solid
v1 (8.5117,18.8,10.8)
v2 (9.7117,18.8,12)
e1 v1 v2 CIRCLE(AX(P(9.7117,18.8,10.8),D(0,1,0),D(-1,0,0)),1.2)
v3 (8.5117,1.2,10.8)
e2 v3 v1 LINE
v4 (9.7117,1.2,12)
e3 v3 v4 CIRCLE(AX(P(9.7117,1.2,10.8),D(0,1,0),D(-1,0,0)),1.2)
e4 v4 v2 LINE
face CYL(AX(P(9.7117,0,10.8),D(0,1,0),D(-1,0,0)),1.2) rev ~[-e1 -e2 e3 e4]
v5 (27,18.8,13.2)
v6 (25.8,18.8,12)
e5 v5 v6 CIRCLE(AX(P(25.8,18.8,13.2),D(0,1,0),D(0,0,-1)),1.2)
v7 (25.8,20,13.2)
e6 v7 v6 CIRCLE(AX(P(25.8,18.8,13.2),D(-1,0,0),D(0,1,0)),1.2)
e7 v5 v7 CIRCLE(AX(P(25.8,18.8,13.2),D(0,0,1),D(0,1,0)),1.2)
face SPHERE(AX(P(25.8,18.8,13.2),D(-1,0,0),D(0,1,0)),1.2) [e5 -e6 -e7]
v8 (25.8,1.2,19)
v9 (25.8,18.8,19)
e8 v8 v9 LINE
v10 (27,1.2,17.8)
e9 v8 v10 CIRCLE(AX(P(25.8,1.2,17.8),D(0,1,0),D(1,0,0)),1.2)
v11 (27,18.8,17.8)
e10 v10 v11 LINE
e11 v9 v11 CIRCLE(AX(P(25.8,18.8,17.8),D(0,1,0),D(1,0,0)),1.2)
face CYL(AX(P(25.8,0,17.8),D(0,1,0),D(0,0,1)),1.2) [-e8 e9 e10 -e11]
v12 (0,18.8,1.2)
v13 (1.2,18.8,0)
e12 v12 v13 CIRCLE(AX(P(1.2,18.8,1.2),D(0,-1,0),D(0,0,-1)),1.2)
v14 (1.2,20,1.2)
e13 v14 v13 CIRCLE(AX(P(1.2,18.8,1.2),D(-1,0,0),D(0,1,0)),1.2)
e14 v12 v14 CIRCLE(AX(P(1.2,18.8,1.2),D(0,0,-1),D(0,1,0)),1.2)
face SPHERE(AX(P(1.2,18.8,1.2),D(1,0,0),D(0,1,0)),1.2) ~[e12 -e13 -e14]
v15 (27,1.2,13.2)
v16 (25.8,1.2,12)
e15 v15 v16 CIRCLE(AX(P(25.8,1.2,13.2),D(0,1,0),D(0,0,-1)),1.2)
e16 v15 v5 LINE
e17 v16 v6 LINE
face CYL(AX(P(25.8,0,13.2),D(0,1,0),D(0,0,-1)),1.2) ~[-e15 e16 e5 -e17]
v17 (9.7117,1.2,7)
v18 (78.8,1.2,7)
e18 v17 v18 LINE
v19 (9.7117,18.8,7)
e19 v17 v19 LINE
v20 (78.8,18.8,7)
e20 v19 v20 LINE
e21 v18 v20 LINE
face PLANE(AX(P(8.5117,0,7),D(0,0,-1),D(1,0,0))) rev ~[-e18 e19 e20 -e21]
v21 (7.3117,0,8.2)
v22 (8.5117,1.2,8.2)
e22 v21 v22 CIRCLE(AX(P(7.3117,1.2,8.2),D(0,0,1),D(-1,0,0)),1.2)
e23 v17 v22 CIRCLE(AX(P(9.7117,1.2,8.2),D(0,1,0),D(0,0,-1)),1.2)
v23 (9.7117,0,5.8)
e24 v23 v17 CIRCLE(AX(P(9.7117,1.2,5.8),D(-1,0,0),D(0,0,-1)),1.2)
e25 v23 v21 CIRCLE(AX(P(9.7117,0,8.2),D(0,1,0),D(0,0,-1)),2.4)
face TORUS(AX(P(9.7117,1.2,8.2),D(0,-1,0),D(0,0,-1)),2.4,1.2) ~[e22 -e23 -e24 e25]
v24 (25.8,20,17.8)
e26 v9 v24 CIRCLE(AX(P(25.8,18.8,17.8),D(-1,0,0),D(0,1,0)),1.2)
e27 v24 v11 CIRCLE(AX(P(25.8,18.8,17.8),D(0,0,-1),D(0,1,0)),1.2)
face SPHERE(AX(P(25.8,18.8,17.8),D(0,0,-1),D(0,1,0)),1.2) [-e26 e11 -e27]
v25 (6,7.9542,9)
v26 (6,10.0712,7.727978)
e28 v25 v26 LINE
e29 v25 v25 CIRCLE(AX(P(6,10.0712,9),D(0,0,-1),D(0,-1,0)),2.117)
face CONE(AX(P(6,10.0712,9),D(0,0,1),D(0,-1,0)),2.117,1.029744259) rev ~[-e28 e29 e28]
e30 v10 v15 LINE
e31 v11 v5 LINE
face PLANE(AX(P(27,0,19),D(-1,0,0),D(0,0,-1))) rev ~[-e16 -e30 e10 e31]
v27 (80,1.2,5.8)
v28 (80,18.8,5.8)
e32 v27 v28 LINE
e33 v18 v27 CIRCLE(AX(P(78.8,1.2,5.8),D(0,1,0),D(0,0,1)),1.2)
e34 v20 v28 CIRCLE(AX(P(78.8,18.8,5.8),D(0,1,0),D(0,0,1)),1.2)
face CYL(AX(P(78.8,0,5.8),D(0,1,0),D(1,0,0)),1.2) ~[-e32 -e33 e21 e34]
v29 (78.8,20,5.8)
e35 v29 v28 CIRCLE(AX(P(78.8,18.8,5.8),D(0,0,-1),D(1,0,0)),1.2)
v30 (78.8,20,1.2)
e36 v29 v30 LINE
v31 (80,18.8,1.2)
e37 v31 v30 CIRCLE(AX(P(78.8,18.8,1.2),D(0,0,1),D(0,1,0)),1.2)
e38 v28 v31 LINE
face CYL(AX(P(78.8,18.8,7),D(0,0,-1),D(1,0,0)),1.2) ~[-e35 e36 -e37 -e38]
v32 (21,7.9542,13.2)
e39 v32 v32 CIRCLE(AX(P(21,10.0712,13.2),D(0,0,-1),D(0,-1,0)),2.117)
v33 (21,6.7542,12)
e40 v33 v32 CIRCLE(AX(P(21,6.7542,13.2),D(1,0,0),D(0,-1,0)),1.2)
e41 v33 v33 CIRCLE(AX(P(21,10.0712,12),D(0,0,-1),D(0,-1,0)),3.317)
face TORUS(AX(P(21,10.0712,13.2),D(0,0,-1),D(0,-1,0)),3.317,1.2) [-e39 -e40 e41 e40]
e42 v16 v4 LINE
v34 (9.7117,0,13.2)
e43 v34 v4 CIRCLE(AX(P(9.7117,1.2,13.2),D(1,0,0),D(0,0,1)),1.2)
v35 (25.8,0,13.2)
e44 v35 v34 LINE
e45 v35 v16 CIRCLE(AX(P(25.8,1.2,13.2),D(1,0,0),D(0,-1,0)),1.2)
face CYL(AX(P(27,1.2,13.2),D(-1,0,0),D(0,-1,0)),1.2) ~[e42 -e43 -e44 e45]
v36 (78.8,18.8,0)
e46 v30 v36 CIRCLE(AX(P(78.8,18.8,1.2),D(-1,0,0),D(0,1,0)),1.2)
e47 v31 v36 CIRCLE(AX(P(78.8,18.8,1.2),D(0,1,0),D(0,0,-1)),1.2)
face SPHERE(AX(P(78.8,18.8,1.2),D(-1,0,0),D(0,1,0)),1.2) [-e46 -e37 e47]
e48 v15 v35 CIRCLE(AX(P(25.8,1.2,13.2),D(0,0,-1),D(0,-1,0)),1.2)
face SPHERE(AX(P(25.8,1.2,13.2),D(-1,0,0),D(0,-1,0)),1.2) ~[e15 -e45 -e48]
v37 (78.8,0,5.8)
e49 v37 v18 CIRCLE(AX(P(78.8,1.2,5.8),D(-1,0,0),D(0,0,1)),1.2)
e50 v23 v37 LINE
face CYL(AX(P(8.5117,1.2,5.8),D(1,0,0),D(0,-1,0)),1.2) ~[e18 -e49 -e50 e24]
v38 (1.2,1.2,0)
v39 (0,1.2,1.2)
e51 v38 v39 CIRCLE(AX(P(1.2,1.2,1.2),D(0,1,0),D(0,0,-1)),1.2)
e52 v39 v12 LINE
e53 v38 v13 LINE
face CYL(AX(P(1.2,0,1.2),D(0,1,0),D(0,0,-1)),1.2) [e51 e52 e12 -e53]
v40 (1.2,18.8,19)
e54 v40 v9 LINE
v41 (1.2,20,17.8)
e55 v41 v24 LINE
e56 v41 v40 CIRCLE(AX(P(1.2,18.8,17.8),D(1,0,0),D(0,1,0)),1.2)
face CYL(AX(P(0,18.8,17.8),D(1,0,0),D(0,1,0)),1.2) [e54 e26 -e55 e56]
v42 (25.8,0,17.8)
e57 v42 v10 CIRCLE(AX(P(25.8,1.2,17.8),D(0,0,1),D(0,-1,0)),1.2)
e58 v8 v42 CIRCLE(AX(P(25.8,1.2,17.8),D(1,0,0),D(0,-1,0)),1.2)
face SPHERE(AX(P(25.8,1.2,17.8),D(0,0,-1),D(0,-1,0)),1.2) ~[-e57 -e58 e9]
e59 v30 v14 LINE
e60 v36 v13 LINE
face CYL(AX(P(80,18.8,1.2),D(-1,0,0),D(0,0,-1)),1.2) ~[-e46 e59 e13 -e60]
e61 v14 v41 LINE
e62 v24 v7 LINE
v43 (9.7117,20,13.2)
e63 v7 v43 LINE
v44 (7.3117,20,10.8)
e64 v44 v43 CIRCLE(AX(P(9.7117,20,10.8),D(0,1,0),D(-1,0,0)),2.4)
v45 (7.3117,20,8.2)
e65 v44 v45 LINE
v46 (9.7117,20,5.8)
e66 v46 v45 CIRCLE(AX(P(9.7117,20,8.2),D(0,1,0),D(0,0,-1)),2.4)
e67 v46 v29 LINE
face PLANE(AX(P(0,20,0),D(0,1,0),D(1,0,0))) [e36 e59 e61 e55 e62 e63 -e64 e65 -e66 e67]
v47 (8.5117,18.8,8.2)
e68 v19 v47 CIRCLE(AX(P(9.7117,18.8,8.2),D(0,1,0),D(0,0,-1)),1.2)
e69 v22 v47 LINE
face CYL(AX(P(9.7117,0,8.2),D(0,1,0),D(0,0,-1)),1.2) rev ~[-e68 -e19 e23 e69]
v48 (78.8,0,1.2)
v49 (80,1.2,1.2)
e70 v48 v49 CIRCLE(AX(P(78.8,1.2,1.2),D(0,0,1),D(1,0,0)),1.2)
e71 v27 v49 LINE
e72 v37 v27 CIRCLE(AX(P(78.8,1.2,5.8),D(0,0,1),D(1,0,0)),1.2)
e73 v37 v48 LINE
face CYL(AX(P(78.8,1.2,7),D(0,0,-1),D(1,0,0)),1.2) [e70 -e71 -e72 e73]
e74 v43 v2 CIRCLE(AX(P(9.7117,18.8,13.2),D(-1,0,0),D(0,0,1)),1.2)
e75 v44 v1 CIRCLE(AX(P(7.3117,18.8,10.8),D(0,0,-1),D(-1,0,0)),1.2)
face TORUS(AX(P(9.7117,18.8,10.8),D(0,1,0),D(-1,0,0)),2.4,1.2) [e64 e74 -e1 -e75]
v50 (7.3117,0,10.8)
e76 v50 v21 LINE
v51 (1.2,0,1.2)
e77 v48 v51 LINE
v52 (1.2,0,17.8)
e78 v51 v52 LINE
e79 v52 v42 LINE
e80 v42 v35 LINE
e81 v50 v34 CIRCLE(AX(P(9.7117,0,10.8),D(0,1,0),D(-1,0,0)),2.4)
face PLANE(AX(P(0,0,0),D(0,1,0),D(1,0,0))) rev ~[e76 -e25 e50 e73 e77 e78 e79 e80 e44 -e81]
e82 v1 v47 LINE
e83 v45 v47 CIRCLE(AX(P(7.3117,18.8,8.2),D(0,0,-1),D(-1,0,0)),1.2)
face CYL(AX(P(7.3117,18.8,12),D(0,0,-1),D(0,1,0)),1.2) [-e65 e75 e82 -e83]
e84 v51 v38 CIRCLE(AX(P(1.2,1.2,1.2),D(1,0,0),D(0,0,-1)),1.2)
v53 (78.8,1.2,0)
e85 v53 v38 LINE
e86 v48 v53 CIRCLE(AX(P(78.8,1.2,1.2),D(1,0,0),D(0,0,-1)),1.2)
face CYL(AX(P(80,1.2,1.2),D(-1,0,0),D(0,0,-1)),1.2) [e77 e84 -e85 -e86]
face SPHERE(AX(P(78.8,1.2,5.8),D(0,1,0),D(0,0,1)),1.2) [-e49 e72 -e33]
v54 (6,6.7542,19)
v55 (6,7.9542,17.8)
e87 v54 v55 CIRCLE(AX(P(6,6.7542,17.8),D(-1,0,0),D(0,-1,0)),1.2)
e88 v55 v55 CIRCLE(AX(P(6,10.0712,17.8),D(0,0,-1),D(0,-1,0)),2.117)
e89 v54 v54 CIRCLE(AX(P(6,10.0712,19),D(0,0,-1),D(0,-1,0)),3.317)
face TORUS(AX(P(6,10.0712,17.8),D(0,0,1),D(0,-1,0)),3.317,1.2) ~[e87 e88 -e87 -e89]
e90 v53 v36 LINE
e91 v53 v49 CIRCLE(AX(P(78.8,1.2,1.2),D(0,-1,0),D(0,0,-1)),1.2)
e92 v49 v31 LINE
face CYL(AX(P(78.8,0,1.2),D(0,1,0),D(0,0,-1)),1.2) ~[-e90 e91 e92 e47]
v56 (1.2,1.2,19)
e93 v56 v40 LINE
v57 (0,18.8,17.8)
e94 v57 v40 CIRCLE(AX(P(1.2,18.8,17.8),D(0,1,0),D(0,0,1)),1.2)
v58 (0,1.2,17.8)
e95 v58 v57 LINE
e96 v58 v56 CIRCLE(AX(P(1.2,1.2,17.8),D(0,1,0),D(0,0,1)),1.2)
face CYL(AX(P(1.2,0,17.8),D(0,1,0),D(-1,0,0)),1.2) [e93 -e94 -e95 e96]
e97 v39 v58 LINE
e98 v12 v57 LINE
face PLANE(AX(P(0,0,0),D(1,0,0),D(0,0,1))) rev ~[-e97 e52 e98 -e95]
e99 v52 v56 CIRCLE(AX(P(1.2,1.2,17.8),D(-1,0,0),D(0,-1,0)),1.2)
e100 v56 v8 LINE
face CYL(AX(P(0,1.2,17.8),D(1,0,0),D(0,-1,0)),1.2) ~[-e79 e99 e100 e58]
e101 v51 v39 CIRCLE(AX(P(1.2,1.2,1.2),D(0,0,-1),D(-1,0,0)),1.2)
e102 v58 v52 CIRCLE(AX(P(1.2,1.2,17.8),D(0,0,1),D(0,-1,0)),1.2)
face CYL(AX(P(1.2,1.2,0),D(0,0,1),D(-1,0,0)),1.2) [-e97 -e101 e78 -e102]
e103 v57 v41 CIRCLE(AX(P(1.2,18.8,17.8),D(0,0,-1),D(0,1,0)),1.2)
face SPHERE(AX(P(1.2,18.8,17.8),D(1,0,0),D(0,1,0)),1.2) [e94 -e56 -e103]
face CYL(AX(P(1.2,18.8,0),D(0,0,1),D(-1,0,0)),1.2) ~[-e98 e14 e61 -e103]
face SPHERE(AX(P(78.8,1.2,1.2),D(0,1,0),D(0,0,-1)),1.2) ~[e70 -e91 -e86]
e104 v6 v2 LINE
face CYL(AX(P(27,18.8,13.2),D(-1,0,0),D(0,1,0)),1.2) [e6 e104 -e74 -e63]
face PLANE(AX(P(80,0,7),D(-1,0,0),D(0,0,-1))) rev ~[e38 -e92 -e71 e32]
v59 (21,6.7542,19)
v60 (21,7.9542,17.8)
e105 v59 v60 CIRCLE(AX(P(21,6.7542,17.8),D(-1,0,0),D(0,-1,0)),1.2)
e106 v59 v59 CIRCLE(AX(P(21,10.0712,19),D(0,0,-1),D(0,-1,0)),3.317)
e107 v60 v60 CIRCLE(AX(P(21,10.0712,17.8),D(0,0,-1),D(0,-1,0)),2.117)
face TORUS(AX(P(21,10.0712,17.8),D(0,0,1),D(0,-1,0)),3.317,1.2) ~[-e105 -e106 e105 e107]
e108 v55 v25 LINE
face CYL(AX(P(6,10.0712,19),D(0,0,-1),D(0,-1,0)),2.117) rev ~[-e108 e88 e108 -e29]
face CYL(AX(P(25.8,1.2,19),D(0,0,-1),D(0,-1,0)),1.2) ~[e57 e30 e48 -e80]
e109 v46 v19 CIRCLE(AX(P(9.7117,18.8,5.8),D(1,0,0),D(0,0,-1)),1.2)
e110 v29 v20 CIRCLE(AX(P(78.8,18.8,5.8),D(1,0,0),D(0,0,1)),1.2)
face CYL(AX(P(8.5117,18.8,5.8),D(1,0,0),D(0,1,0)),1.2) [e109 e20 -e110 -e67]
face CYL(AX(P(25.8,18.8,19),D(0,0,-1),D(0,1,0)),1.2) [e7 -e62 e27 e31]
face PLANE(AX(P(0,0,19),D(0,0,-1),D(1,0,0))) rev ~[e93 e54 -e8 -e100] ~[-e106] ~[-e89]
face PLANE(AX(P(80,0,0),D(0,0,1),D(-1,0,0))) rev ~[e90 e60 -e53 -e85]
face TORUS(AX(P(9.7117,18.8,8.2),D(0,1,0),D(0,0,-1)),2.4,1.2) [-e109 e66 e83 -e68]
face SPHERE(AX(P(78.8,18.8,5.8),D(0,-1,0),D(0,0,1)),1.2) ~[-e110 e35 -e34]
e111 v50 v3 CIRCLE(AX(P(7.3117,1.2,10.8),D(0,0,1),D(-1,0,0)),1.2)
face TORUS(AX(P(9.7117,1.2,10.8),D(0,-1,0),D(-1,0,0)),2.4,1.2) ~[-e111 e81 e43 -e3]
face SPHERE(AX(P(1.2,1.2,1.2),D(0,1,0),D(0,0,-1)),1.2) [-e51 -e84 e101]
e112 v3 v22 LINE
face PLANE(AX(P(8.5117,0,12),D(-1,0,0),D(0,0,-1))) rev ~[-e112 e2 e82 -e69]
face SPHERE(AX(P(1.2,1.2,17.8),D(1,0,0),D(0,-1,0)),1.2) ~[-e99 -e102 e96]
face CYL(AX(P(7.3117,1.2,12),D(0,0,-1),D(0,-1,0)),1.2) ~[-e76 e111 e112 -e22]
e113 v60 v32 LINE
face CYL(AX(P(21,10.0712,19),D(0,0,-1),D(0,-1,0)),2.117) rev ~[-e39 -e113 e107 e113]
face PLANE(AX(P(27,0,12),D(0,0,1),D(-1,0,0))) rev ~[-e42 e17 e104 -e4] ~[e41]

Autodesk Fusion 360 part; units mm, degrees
sketch "Sketch1" plane through (0, 0, 0) normal (0, 1, 0) x (1, 0, 0)
  line L0 (0, 0) -> (0, -19)
  line L1 (0, -19) -> (27, -19)
  line L2 (27, -19) -> (27, -12)
  line L3 (27, -12) -> (8.5117, -12)
  line L4 (8.5117, -12) -> (8.5117, -7)
  line L5 (8.5117, -7) -> (80, -7)
  line L6 (80, -7) -> (80, 0)
  line L7 (80, 0) -> (0, 0)
  dimension "d1" = 80
  dimension "d2" = 27
  dimension "d3" = 5
  dimension "d4" = 7
  dimension "d5" = 7
extrude "Extrude1" add sketch "Sketch1" along normal blind 20
sketch "Sketch2" plane through (0, 0, 19) normal (0, 0, 1) x (-1, 0, 0)
  line L0 (0, 0) -> (-27, 0)
  line L1 (-27, 0) -> (-27, -20)
  line L2 (-27, -20) -> (0, -20)
  line L3 (0, -20) -> (0, 0)
  circle A0 centre (-6, -10.0712) radius 2.5
  circle A1 centre (-21, -10.0712) radius 2.5
  dimension "d8" = 15
  dimension "d9" = 5
  dimension "d10" = 5
  dimension "d11" = 6
hole "Hole1" at (6, 10.0712, 19) direction (0, 0, -1) diameter 4.234 depth 10 tip angle 118
hole "Hole2" at (21, 10.0712, 19) direction (0, 0, -1) diameter 4.234 depth 10 tip angle 118
fillet "Fillet1" radius 1.2 9 faces at (32.3411, 6.6667, 7) (2.8372, 20, 10.3333) (53.3333, 6.6667, 0) (80, 13.3333, 4.6667) (2.8372, 0, 10.3333) (15.6938, 2.7213, 19) (27, 13.3333, 16.6667) (11.9708, 9.971, 12) (0, 6.6667, 6.3333)
